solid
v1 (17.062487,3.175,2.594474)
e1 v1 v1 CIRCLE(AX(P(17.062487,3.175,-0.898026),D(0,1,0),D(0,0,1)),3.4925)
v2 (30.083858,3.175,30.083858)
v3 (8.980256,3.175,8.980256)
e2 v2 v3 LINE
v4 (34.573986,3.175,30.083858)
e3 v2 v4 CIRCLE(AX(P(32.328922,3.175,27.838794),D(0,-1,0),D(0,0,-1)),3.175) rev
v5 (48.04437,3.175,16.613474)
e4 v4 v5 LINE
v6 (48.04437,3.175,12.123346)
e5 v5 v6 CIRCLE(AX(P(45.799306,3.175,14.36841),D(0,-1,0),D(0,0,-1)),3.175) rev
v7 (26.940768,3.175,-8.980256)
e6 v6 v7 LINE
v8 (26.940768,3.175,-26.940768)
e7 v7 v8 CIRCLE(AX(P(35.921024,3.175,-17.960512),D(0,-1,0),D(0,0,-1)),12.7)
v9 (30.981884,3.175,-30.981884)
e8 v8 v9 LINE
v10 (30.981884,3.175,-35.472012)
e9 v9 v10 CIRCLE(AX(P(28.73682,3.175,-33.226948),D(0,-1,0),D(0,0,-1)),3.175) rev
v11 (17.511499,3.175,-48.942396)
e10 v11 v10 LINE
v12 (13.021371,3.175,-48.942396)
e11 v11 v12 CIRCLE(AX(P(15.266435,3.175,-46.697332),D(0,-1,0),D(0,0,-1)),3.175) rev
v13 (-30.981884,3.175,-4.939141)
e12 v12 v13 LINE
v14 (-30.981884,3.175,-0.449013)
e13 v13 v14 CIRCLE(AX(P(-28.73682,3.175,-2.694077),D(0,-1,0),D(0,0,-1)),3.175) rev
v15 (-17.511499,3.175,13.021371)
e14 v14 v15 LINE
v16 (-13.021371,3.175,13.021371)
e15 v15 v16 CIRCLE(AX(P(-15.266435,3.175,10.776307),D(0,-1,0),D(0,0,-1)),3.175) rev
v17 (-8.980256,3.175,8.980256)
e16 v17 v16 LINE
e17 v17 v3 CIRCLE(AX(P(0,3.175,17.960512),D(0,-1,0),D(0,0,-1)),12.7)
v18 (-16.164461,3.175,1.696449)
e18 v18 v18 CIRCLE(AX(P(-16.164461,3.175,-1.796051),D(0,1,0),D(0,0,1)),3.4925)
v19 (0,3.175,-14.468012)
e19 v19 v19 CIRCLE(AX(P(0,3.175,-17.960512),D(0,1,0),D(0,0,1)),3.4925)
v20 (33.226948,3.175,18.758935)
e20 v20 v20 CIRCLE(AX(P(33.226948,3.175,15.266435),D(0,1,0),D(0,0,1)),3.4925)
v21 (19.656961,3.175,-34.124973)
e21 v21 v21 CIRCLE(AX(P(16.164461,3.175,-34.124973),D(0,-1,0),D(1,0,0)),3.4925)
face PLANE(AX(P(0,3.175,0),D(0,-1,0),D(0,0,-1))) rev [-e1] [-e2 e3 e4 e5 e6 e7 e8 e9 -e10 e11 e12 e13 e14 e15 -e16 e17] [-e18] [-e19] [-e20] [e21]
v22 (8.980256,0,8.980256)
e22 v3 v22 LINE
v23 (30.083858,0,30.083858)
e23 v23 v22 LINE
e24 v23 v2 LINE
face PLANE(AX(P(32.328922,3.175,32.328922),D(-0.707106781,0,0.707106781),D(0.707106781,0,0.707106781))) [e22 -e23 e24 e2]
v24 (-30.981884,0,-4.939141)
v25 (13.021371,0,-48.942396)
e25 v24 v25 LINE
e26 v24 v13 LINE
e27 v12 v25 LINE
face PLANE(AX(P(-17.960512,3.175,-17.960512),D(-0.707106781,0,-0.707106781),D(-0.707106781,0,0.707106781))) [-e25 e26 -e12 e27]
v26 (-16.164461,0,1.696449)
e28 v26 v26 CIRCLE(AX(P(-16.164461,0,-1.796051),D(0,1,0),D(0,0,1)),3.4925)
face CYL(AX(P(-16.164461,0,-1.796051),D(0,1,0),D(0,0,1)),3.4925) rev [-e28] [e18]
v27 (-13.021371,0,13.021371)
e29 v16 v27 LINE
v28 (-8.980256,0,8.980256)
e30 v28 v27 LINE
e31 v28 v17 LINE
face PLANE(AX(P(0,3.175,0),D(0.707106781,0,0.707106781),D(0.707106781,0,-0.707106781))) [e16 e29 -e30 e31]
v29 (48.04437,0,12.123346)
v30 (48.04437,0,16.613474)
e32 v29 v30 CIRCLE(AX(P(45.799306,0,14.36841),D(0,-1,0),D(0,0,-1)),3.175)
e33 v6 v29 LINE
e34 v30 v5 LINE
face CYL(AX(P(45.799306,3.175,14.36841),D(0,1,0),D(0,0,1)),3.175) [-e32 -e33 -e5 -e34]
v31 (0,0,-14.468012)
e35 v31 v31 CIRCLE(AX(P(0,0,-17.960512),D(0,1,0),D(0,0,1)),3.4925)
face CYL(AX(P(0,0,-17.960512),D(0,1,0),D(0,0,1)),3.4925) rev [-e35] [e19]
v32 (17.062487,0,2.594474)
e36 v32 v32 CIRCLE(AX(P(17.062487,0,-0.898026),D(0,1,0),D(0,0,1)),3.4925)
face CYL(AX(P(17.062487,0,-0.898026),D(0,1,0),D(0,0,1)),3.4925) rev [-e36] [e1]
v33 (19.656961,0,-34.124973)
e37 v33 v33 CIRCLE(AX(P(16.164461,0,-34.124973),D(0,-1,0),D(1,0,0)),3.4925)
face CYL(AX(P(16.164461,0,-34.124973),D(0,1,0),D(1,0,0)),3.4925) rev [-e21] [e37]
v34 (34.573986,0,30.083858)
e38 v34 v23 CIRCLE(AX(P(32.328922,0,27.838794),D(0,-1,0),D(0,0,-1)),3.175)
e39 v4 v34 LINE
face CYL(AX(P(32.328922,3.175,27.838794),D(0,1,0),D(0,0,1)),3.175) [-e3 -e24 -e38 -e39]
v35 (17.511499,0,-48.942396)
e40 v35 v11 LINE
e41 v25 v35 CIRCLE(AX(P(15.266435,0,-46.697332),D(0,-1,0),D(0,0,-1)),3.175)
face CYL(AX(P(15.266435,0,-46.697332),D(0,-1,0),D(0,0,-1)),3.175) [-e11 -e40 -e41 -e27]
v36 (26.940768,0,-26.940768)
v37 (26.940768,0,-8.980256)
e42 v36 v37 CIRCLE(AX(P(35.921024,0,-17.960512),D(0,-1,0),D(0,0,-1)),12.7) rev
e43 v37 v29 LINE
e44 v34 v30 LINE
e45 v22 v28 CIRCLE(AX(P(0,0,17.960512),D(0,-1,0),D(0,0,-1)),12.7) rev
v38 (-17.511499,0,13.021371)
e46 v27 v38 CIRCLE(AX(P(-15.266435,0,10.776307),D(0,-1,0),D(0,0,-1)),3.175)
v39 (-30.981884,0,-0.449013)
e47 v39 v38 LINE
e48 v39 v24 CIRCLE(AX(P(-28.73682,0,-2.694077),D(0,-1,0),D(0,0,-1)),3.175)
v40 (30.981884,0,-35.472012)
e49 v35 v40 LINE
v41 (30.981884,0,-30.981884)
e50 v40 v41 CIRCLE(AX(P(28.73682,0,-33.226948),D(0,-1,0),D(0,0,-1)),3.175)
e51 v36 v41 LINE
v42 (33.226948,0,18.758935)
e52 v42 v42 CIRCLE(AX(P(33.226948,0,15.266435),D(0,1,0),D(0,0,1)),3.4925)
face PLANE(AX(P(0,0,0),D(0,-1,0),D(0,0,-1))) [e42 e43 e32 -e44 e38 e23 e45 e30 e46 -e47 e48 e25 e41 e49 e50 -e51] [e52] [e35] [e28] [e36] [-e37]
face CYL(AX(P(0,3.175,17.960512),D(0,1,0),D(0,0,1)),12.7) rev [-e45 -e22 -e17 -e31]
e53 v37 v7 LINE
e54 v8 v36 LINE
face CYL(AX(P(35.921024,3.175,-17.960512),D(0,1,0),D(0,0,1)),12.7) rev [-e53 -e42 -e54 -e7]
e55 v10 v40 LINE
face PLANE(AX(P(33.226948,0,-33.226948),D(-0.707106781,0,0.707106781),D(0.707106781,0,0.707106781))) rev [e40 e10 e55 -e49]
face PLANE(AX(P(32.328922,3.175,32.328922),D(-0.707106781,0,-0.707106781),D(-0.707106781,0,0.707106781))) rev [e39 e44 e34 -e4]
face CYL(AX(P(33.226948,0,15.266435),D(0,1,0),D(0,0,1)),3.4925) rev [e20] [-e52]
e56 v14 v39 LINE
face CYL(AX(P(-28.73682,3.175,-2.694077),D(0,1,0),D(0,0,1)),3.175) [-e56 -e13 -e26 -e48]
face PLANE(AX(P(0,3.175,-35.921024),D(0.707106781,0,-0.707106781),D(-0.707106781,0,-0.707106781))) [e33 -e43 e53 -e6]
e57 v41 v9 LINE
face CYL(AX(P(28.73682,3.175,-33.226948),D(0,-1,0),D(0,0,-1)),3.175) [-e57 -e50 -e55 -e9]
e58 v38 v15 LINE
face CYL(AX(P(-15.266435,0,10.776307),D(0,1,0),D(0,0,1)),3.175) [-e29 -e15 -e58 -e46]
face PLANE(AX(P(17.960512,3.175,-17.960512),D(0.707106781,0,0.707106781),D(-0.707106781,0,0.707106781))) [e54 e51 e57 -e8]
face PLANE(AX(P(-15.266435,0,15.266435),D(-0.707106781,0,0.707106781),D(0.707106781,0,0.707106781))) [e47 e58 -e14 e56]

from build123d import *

# Parameters (mm, degrees)
BOSS_EXTRUDE1_DEPTH = 3.175
SKETCH2_R           = 3.4925
CUT_EXTRUDE2_DEPTH  = 3.175
LPATTERN5_COUNT     = 3
LPATTERN5_PITCH     = 22.86
SKETCH7_R           = 3.4925
CUT_EXTRUDE3_DEPTH  = 3.175
LPATTERN6_COUNT     = 2
LPATTERN6_PITCH     = 22.86
SKETCH8_R           = 3.4925
CUT_EXTRUDE4_DEPTH  = 85.115331985
FILLET3_R           = 12.7
FILLET4_R           = 3.175


with BuildPart() as part:
    # Sketch1 → Boss-Extrude1 (new body)
    with BuildSketch(Plane(origin=(0, 0, 0), x_dir=(1, 0, 0), z_dir=(0, 1, 0))):
        Polygon((-17.960512242, 17.960512242), (0, 35.921024484), (17.960512242, 17.960512242), (50.289434278, -14.368409794), (32.328922036, -32.328922036), (0, 0), (-31.430896424, -31.430896424), (-49.391408666, -13.470384182), align=None)
    extrude(amount=BOSS_EXTRUDE1_DEPTH)

    # Sketch2 → Cut-Extrude2 (cut)
    with BuildSketch(Plane(origin=(0, 3.175, 0), x_dir=(1, 0, 0), z_dir=(0, 1, 0))):
        with Locations(Location((-32.328922036, -14.368409794, 0), (0, 0, 270))):
            Circle(SKETCH2_R)
    cut_extrude2 = extrude(amount=-CUT_EXTRUDE2_DEPTH, mode=Mode.SUBTRACT)

    # LPattern5: Cut-Extrude2 ×3
    with Locations(*[Vector(0.7071067811865467, 0, -0.7071067811865485) * (i * LPATTERN5_PITCH) for i in range(1, LPATTERN5_COUNT)]):
        add(cut_extrude2, mode=Mode.SUBTRACT)

    # Sketch7 → Cut-Extrude3 (cut)
    with BuildSketch(Plane(origin=(0, 3.175, 0), x_dir=(1, 0, 0), z_dir=(0, 1, 0))):
        with Locations(Location((33.226947648, -15.266435406, 0), (0, 0, 270))):
            Circle(SKETCH7_R)
    cut_extrude3 = extrude(amount=-CUT_EXTRUDE3_DEPTH, mode=Mode.SUBTRACT)

    # LPattern6: Cut-Extrude3 ×2
    with Locations(*[Vector(-0.7071067811865457, 0, -0.7071067811865493) * (i * LPATTERN6_PITCH) for i in range(1, LPATTERN6_COUNT)]):
        add(cut_extrude3, mode=Mode.SUBTRACT)

    # Mirror2: part across plane


with BuildPart() as part_1:
    add(part.part)
    add(part.part.mirror(Plane(origin=(8.980256121, 0, -8.980256121), x_dir=(0.7071067811865464, 0, 0.7071067811865487), z_dir=(-0.7071067811865489, 0, 0.7071067811865462))))

    # Sketch8 → Cut-Extrude4 (cut, through all)
    # profile 1 of 2: a face of its own
    with BuildSketch(Plane(origin=(0, 3.175, 0), x_dir=(1, 0, 0), z_dir=(0, 1, 0))):
        Polygon((-15.266435406, -15.266435406), (-33.226947648, 2.694076836), (-49.391408666, -13.470384182), (-31.430896424, -31.430896424), align=None)
        with Locations((-32.328922036, -14.368409794)):
            Circle(SKETCH8_R, mode=Mode.SUBTRACT)
    # profile 2 of 2: a face of its own
    with BuildSketch(Plane(origin=(0, 3.175, 0), x_dir=(1, 0, 0), z_dir=(0, 1, 0))):
        Polygon((33.226947648, 33.226947648), (49.391408666, 49.391408666), (31.430896424, 67.351920908), (15.266435406, 51.18745989), align=None)
        with Locations((32.328922036, 50.289434278)):
            Circle(SKETCH8_R, mode=Mode.SUBTRACT)
    extrude(amount=-CUT_EXTRUDE4_DEPTH, mode=Mode.SUBTRACT)

    # Fillet3
    fillet3_edges = [part_1.edges().sort_by_distance(p)[0] for p in [
        (0, 1.5875, 0),
        (17.960512242, 1.5875, -17.960512242),
    ]]
    fillet(fillet3_edges, radius=FILLET3_R)

    # Fillet4
    fillet4_edges = [part_1.edges().sort_by_distance(p)[0] for p in [
        (15.266435406, 1.5875, -51.18745989),
        (33.226947648, 1.5875, -33.226947648),
        (50.289434278, 1.5875, 14.368409794),
        (32.328922036, 1.5875, 32.328922036),
        (-33.226947648, 1.5875, -2.694076836),
        (-15.266435406, 1.5875, 15.266435406),
    ]]
    fillet(fillet4_edges, radius=FILLET4_R)


solid = part_1.part
